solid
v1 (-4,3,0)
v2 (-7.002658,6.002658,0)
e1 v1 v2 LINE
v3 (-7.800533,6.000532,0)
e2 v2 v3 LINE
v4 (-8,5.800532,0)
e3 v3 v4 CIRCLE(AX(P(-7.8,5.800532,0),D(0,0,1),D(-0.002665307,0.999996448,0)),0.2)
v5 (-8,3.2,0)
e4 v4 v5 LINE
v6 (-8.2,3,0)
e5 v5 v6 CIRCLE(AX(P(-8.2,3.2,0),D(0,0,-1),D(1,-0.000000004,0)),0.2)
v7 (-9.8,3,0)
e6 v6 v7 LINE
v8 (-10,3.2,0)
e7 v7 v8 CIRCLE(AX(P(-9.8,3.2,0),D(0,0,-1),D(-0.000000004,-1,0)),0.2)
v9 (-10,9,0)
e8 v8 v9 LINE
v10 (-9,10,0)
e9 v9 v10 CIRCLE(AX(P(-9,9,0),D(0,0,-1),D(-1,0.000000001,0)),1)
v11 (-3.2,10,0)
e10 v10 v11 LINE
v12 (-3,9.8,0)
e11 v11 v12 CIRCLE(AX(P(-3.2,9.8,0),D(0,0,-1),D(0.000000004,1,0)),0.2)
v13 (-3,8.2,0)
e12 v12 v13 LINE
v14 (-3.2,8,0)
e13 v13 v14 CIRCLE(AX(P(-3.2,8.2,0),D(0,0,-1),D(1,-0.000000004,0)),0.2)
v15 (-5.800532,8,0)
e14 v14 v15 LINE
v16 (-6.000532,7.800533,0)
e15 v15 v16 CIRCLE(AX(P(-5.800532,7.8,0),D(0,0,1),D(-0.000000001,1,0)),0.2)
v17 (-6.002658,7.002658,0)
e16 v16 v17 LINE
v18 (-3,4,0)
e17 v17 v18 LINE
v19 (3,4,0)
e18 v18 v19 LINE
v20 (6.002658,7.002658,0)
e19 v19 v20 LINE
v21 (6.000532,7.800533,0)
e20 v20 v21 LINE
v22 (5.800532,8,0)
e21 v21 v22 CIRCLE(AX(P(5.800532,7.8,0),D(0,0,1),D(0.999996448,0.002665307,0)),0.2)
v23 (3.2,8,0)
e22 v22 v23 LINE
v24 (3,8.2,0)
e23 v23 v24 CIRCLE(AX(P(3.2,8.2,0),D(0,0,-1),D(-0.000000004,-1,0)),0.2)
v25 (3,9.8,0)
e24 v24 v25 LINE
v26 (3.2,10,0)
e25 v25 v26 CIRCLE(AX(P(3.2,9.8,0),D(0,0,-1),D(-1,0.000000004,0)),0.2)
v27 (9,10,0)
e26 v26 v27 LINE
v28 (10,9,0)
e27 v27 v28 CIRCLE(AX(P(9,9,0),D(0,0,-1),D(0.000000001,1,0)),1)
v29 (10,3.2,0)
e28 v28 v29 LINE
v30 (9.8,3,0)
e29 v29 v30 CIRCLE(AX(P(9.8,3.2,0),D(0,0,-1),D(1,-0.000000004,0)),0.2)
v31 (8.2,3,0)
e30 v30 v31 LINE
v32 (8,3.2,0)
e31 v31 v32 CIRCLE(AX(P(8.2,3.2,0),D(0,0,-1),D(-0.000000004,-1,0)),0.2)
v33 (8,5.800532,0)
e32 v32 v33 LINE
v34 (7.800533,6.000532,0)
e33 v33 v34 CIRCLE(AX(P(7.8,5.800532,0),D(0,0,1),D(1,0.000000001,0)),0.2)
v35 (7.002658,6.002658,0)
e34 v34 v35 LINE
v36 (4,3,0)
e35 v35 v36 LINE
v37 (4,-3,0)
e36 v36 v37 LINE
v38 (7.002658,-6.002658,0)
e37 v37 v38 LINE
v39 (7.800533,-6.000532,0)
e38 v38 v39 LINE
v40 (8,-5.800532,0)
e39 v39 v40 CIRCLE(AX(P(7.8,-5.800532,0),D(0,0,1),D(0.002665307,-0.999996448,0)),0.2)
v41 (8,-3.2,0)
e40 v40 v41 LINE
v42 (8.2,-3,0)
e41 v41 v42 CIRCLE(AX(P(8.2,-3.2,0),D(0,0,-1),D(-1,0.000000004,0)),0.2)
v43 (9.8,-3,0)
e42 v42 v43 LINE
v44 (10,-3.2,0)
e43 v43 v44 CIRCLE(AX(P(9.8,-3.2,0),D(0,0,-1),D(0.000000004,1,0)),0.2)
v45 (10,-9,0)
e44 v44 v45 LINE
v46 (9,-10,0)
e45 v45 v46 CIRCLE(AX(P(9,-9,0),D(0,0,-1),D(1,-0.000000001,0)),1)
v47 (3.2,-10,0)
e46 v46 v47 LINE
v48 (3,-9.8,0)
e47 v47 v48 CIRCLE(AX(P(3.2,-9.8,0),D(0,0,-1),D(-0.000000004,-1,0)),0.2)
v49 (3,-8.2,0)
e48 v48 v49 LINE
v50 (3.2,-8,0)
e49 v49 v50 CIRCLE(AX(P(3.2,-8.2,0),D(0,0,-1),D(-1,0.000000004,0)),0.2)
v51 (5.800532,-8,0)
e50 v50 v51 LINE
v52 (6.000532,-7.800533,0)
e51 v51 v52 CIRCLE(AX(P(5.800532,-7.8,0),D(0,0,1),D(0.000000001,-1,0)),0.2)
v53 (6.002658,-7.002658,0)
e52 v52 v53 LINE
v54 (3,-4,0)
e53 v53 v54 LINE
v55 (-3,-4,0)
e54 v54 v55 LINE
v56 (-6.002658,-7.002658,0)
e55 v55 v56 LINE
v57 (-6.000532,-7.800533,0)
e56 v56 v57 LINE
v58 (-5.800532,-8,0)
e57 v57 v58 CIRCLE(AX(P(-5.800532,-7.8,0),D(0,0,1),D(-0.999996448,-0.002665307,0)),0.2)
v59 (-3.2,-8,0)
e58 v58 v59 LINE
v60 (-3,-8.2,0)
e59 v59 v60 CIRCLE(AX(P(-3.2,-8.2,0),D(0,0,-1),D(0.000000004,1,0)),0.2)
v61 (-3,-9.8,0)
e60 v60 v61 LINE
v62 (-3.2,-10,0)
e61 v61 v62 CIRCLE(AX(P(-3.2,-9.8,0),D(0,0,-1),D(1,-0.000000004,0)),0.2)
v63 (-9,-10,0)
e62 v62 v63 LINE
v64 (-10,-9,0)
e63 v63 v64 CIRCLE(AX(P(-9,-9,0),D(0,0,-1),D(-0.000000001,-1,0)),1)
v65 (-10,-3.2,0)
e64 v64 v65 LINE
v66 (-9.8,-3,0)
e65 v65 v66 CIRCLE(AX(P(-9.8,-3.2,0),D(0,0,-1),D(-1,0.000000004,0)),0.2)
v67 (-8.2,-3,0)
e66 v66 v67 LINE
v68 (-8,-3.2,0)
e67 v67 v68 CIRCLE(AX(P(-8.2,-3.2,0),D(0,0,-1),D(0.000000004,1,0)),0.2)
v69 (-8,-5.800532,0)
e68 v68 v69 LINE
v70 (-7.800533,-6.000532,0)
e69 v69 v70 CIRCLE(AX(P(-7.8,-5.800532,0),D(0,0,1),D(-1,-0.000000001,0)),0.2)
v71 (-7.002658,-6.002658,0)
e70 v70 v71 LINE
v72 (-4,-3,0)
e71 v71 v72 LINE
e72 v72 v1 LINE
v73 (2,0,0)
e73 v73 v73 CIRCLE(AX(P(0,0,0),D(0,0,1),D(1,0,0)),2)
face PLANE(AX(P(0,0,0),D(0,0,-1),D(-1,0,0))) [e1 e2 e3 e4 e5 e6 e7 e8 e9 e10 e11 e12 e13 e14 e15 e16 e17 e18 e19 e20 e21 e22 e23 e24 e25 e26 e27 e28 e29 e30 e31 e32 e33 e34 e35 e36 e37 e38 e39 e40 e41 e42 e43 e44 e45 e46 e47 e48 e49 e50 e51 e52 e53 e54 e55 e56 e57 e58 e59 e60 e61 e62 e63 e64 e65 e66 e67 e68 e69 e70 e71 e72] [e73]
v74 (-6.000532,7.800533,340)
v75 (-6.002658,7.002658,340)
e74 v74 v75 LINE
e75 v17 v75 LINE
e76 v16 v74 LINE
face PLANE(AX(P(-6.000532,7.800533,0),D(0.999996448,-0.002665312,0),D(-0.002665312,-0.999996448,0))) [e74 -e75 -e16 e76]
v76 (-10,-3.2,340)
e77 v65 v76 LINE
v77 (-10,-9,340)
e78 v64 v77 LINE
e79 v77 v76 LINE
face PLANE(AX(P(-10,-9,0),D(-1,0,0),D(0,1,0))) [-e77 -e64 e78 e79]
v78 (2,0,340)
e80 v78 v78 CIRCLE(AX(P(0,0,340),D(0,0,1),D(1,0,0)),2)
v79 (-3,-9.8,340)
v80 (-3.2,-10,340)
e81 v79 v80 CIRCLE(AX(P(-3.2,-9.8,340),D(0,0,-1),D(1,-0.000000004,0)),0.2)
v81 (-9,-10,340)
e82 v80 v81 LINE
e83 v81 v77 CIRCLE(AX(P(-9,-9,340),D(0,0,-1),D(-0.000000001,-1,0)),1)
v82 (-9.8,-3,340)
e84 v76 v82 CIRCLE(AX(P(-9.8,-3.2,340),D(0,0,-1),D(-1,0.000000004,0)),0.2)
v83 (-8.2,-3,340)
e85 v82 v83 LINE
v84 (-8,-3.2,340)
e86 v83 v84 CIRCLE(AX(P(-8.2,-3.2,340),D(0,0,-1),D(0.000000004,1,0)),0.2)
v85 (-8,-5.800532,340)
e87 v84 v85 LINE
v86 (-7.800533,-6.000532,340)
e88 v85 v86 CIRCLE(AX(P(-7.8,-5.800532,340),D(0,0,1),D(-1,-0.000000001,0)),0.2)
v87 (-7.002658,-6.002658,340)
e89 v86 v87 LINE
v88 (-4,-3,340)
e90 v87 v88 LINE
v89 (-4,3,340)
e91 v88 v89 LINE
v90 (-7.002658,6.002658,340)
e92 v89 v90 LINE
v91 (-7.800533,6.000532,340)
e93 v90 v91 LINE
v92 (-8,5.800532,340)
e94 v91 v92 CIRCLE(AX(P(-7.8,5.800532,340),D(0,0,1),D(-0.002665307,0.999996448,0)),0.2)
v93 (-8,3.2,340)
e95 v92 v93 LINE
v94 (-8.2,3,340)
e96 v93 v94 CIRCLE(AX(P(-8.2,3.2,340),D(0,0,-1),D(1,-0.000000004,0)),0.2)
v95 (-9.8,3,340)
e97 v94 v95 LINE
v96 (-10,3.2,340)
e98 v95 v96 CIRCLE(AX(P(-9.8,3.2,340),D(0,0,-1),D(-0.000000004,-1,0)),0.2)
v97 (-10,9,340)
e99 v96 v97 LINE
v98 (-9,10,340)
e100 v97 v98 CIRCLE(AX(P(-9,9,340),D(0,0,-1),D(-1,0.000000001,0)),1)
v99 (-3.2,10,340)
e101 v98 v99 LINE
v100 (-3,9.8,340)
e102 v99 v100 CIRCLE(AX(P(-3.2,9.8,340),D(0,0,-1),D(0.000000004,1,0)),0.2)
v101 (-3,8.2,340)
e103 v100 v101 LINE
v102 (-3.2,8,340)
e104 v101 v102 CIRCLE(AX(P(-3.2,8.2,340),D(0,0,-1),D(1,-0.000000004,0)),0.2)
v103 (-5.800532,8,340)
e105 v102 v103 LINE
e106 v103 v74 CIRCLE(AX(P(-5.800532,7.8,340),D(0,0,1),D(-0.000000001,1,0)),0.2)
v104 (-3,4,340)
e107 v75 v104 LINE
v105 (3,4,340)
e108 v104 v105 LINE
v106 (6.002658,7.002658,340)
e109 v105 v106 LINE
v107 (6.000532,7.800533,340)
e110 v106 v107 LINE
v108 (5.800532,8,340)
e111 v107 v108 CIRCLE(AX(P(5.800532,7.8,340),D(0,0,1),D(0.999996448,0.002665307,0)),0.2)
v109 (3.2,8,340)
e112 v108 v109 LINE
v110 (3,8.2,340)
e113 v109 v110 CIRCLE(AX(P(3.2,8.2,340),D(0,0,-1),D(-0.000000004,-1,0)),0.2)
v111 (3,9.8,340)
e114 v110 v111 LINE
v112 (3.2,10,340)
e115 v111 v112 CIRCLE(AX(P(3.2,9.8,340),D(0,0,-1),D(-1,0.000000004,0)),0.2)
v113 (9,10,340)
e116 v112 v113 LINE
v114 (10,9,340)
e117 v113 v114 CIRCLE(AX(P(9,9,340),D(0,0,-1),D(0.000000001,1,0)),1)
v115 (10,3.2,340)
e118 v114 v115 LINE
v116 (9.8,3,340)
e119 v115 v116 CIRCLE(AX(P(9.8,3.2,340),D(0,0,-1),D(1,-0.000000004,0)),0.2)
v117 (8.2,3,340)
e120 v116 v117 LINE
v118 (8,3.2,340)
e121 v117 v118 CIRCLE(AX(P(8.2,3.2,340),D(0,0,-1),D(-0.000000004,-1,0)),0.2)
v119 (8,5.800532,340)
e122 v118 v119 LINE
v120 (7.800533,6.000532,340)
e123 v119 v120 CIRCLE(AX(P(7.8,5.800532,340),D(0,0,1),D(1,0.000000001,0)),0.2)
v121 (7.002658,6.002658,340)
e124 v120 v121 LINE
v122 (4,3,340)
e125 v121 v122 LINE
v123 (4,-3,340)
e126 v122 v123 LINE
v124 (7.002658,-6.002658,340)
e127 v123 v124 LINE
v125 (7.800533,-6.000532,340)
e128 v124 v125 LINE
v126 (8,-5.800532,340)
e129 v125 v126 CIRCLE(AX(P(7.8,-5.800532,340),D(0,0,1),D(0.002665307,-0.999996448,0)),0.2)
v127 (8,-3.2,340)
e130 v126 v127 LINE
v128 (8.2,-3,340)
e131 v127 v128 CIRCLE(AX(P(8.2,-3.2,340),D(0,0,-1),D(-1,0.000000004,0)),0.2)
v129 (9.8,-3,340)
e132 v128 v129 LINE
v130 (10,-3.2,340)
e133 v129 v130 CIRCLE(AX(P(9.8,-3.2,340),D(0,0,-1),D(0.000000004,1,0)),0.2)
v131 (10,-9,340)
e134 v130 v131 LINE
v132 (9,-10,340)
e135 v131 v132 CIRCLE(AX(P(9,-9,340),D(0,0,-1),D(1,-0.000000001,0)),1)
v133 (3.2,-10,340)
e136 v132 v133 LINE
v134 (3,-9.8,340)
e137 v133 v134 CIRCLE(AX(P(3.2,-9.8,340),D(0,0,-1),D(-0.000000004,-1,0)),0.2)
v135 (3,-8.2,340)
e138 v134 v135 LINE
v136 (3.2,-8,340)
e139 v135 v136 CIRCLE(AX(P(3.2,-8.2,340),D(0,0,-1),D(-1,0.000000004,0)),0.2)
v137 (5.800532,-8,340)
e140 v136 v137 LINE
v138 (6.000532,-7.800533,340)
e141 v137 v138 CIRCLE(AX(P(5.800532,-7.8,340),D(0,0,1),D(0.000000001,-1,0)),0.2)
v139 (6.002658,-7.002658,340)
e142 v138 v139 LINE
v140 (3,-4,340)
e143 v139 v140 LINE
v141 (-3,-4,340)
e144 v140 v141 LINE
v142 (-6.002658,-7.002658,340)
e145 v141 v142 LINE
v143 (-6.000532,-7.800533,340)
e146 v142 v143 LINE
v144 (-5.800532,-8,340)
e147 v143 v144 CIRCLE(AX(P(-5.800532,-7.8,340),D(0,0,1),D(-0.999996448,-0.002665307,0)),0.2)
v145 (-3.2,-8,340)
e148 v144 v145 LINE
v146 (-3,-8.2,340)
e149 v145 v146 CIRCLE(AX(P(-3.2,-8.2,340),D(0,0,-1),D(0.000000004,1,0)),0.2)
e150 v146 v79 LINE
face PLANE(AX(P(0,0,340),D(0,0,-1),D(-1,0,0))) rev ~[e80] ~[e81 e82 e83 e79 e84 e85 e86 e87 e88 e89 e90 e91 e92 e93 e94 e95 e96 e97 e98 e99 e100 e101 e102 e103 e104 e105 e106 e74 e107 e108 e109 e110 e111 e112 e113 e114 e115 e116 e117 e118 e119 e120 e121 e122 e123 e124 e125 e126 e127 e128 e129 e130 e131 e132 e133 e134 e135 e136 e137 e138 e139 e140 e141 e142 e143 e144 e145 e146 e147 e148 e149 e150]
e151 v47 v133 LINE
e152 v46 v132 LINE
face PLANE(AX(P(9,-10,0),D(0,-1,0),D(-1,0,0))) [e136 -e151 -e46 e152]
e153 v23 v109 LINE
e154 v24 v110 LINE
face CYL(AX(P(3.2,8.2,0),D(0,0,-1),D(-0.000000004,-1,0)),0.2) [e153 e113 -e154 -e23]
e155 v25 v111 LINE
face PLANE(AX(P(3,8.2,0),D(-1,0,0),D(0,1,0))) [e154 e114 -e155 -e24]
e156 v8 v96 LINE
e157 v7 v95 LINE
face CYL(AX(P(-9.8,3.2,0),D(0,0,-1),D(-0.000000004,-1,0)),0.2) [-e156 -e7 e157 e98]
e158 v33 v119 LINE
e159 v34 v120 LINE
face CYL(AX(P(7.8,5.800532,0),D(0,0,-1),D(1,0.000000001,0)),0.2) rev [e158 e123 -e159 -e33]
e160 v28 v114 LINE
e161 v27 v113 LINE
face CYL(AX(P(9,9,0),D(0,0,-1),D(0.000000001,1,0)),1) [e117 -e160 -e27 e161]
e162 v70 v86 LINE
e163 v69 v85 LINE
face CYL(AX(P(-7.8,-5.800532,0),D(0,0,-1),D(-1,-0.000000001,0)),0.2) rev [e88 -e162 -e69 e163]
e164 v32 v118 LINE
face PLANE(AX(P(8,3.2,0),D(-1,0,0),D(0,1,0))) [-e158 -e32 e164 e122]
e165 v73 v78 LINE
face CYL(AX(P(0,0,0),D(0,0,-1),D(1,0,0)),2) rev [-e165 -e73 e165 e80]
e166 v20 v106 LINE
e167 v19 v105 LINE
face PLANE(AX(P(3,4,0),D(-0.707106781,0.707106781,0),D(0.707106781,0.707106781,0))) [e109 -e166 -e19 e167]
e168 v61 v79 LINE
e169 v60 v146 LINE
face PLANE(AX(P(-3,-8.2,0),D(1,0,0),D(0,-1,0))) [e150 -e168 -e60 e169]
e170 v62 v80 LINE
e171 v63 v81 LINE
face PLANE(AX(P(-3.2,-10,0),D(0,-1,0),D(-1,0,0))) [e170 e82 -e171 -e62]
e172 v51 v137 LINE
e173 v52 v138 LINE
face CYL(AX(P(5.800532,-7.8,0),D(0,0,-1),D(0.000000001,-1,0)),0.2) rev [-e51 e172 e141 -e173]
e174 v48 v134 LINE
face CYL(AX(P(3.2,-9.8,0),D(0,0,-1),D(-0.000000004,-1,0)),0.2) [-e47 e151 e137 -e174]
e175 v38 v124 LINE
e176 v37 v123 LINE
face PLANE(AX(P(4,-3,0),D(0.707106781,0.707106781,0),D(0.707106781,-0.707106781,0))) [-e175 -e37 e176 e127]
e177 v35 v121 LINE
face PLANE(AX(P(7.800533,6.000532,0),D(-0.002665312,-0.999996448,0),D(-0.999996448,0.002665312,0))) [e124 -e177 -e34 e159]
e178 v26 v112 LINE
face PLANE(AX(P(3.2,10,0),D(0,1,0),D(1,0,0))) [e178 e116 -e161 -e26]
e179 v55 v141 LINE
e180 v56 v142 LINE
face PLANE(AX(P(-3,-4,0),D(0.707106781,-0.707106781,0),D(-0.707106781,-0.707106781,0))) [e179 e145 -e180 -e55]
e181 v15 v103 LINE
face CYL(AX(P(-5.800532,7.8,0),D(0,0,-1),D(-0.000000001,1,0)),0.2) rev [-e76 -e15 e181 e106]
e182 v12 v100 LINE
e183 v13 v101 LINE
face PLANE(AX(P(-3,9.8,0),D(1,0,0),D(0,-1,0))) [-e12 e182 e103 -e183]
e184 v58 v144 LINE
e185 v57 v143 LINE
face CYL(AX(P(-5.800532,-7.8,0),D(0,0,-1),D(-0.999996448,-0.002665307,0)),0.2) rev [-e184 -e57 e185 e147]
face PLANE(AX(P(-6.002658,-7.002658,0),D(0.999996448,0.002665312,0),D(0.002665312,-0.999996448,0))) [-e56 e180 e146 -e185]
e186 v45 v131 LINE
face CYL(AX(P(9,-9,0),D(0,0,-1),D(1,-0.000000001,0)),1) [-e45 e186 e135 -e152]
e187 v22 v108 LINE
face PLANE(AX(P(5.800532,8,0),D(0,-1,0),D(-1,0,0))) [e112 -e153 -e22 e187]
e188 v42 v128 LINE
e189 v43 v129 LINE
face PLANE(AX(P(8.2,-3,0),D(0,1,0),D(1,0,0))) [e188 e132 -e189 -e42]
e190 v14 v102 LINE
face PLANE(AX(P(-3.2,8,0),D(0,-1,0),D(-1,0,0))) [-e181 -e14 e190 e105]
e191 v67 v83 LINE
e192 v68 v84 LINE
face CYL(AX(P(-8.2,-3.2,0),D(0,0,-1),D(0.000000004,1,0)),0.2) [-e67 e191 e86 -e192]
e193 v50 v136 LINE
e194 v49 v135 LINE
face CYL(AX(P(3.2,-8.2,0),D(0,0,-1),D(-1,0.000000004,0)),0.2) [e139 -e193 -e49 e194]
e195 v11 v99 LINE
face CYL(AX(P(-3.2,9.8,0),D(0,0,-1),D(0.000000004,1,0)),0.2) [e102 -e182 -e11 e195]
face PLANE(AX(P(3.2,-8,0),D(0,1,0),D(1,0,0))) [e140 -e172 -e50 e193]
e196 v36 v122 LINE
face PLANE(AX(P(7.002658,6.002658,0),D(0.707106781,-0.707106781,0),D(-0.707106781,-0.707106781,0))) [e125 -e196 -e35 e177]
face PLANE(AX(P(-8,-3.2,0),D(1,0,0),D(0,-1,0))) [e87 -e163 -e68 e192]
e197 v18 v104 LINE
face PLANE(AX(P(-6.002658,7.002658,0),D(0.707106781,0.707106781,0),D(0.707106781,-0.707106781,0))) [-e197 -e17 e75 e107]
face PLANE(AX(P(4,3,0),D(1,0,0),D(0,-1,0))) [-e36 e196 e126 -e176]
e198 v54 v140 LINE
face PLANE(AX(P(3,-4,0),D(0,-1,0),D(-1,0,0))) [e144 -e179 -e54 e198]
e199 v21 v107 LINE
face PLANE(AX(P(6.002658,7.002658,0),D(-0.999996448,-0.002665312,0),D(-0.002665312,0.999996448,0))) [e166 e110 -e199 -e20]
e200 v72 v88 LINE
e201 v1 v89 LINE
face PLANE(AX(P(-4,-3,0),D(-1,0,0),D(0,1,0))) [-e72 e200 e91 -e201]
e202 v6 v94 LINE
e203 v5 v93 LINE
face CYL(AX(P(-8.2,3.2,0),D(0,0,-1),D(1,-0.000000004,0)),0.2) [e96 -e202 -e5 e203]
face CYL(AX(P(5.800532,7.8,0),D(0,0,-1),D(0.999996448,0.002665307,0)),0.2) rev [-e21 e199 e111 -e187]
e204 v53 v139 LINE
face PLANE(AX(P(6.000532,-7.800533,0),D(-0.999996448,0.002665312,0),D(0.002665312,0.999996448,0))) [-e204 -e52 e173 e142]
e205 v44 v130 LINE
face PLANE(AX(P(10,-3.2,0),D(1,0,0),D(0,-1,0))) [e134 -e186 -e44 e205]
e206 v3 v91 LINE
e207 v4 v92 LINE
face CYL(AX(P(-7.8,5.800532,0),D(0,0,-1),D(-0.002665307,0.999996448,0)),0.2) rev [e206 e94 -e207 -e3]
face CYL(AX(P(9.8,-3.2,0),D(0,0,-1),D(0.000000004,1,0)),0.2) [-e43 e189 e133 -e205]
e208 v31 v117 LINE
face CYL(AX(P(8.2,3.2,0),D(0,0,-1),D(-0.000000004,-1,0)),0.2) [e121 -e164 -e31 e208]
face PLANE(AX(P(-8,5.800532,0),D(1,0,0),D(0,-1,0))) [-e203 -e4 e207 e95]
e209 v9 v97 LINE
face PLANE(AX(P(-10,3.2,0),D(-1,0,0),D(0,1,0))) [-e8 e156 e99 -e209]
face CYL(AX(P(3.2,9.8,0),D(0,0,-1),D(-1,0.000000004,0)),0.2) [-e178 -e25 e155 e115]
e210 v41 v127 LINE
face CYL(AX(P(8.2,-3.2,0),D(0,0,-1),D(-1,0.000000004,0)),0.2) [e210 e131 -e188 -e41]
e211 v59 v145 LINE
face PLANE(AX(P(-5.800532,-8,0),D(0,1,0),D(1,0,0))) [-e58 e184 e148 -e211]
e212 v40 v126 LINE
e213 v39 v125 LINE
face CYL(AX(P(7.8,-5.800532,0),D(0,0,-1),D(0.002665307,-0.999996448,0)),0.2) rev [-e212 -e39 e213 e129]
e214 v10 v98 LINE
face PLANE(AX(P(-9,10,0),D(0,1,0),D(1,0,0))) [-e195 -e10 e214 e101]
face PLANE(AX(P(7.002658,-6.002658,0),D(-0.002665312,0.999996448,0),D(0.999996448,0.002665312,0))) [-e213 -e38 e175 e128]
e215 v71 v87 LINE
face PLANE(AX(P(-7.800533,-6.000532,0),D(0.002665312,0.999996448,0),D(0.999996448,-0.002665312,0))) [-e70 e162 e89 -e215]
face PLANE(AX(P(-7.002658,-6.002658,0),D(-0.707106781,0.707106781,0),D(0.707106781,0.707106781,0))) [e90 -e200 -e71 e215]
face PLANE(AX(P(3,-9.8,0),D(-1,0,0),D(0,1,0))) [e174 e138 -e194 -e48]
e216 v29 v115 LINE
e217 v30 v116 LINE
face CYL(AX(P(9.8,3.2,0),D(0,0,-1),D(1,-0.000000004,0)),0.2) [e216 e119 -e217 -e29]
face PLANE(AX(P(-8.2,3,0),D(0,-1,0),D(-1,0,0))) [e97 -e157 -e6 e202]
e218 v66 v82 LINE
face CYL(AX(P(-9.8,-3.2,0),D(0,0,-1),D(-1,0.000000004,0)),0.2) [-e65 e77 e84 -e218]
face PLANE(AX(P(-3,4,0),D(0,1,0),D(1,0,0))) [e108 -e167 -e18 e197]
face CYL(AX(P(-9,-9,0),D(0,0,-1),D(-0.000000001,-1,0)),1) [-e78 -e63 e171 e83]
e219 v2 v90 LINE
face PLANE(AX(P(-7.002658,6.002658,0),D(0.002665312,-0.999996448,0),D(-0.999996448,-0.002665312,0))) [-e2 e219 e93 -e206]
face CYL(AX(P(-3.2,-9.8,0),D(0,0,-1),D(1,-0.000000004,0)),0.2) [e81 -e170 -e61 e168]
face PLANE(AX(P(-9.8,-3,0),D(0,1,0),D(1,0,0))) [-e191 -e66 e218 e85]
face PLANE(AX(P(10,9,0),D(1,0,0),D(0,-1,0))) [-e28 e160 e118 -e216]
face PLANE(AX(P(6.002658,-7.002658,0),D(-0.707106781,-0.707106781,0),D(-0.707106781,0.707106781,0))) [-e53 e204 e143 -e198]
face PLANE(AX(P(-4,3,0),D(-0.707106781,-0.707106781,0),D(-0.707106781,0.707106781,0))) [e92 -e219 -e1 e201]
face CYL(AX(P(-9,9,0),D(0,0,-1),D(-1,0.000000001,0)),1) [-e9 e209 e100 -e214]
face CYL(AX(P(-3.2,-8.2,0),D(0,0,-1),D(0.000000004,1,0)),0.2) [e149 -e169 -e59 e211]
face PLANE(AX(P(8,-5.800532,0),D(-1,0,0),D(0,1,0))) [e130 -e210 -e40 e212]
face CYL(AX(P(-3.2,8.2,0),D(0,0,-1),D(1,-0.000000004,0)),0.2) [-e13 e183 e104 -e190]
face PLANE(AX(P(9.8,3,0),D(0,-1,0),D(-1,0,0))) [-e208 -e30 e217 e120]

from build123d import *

# Parameters (mm, degrees)
SKETCH1_R           = 2
BOSS_EXTRUDE1_DEPTH = 340


with BuildPart() as part:
    # Sketch1 → Boss-Extrude1 (new body)
    with BuildSketch(Plane.XY):
        with BuildLine():
            Line((-3.2, 8), (-5.800532354, 8))
            ThreePointArc((-5.800532354, 8), (-5.941765118, 7.941609697), (-6.000531643, 7.800533062))
            Line((-6.000531643, 7.800533062), (-6.002658236, 7.002658236))
            Line((-6.002658236, 7.002658236), (-3, 4))
            Line((-3, 4), (3, 4))
            Line((3, 4), (6.002658236, 7.002658236))
            Line((6.002658236, 7.002658236), (6.000531643, 7.800533062))
            ThreePointArc((6.000531643, 7.800533062), (5.941765118, 7.941609697), (5.800532354, 8))
            Line((5.800532354, 8), (3.2, 8))
            ThreePointArc((3.2, 8), (3.058578644, 8.058578644), (3, 8.2))
            Line((3, 8.2), (3, 9.8))
            ThreePointArc((3, 9.8), (3.058578644, 9.941421356), (3.2, 10))
            Line((3.2, 10), (9, 10))
            ThreePointArc((9, 10), (9.707106781, 9.707106781), (10, 9))
            Line((10, 9), (10, 3.2))
            ThreePointArc((10, 3.2), (9.941421356, 3.058578644), (9.8, 3))
            Line((9.8, 3), (8.2, 3))
            ThreePointArc((8.2, 3), (8.058578644, 3.058578644), (8, 3.2))
            Line((8, 3.2), (8, 5.800532354))
            ThreePointArc((8, 5.800532354), (7.941609697, 5.941765118), (7.800533062, 6.000531643))
            Line((7.800533062, 6.000531643), (7.002658236, 6.002658236))
            Line((7.002658236, 6.002658236), (4, 3))
            Line((4, 3), (4, -3))
            Line((4, -3), (7.002658236, -6.002658236))
            Line((7.002658236, -6.002658236), (7.800533062, -6.000531643))
            ThreePointArc((7.800533062, -6.000531643), (7.941609697, -5.941765118), (8, -5.800532354))
            Line((8, -5.800532354), (8, -3.2))
            ThreePointArc((8, -3.2), (8.058578644, -3.058578644), (8.2, -3))
            Line((8.2, -3), (9.8, -3))
            ThreePointArc((9.8, -3), (9.941421356, -3.058578644), (10, -3.2))
            Line((10, -3.2), (10, -9))
            ThreePointArc((10, -9), (9.707106781, -9.707106781), (9, -10))
            Line((9, -10), (3.2, -10))
            ThreePointArc((3.2, -10), (3.058578644, -9.941421356), (3, -9.8))
            Line((3, -9.8), (3, -8.2))
            ThreePointArc((3, -8.2), (3.058578644, -8.058578644), (3.2, -8))
            Line((3.2, -8), (5.800532354, -8))
            ThreePointArc((5.800532354, -8), (5.941765118, -7.941609697), (6.000531643, -7.800533062))
            Line((6.000531643, -7.800533062), (6.002658236, -7.002658236))
            Line((6.002658236, -7.002658236), (3, -4))
            Line((3, -4), (-3, -4))
            Line((-3, -4), (-6.002658236, -7.002658236))
            Line((-6.002658236, -7.002658236), (-6.000531643, -7.800533062))
            ThreePointArc((-6.000531643, -7.800533062), (-5.941765118, -7.941609697), (-5.800532354, -8))
            Line((-5.800532354, -8), (-3.2, -8))
            ThreePointArc((-3.2, -8), (-3.058578644, -8.058578644), (-3, -8.2))
            Line((-3, -8.2), (-3, -9.8))
            ThreePointArc((-3, -9.8), (-3.058578644, -9.941421356), (-3.2, -10))
            Line((-3.2, -10), (-9, -10))
            ThreePointArc((-9, -10), (-9.707106781, -9.707106781), (-10, -9))
            Line((-10, -9), (-10, -3.2))
            ThreePointArc((-10, -3.2), (-9.941421356, -3.058578644), (-9.8, -3))
            Line((-9.8, -3), (-8.2, -3))
            ThreePointArc((-8.2, -3), (-8.058578644, -3.058578644), (-8, -3.2))
            Line((-8, -3.2), (-8, -5.800532354))
            ThreePointArc((-8, -5.800532354), (-7.941609697, -5.941765118), (-7.800533062, -6.000531643))
            Line((-7.800533062, -6.000531643), (-7.002658236, -6.002658236))
            Line((-7.002658236, -6.002658236), (-4, -3))
            Line((-4, -3), (-4, 3))
            Line((-4, 3), (-7.002658236, 6.002658236))
            Line((-7.002658236, 6.002658236), (-7.800533062, 6.000531643))
            ThreePointArc((-7.800533062, 6.000531643), (-7.941609697, 5.941765118), (-8, 5.800532354))
            Line((-8, 5.800532354), (-8, 3.2))
            ThreePointArc((-8, 3.2), (-8.058578644, 3.058578644), (-8.2, 3))
            Line((-8.2, 3), (-9.8, 3))
            ThreePointArc((-9.8, 3), (-9.941421356, 3.058578644), (-10, 3.2))
            Line((-10, 3.2), (-10, 9))
            ThreePointArc((-10, 9), (-9.707106781, 9.707106781), (-9, 10))
            Line((-9, 10), (-3.2, 10))
            ThreePointArc((-3.2, 10), (-3.058578644, 9.941421356), (-3, 9.8))
            Line((-3, 9.8), (-3, 8.2))
            ThreePointArc((-3, 8.2), (-3.058578644, 8.058578644), (-3.2, 8))
        make_face()
        Circle(SKETCH1_R, mode=Mode.SUBTRACT)
    extrude(amount=BOSS_EXTRUDE1_DEPTH)


solid = part.part
